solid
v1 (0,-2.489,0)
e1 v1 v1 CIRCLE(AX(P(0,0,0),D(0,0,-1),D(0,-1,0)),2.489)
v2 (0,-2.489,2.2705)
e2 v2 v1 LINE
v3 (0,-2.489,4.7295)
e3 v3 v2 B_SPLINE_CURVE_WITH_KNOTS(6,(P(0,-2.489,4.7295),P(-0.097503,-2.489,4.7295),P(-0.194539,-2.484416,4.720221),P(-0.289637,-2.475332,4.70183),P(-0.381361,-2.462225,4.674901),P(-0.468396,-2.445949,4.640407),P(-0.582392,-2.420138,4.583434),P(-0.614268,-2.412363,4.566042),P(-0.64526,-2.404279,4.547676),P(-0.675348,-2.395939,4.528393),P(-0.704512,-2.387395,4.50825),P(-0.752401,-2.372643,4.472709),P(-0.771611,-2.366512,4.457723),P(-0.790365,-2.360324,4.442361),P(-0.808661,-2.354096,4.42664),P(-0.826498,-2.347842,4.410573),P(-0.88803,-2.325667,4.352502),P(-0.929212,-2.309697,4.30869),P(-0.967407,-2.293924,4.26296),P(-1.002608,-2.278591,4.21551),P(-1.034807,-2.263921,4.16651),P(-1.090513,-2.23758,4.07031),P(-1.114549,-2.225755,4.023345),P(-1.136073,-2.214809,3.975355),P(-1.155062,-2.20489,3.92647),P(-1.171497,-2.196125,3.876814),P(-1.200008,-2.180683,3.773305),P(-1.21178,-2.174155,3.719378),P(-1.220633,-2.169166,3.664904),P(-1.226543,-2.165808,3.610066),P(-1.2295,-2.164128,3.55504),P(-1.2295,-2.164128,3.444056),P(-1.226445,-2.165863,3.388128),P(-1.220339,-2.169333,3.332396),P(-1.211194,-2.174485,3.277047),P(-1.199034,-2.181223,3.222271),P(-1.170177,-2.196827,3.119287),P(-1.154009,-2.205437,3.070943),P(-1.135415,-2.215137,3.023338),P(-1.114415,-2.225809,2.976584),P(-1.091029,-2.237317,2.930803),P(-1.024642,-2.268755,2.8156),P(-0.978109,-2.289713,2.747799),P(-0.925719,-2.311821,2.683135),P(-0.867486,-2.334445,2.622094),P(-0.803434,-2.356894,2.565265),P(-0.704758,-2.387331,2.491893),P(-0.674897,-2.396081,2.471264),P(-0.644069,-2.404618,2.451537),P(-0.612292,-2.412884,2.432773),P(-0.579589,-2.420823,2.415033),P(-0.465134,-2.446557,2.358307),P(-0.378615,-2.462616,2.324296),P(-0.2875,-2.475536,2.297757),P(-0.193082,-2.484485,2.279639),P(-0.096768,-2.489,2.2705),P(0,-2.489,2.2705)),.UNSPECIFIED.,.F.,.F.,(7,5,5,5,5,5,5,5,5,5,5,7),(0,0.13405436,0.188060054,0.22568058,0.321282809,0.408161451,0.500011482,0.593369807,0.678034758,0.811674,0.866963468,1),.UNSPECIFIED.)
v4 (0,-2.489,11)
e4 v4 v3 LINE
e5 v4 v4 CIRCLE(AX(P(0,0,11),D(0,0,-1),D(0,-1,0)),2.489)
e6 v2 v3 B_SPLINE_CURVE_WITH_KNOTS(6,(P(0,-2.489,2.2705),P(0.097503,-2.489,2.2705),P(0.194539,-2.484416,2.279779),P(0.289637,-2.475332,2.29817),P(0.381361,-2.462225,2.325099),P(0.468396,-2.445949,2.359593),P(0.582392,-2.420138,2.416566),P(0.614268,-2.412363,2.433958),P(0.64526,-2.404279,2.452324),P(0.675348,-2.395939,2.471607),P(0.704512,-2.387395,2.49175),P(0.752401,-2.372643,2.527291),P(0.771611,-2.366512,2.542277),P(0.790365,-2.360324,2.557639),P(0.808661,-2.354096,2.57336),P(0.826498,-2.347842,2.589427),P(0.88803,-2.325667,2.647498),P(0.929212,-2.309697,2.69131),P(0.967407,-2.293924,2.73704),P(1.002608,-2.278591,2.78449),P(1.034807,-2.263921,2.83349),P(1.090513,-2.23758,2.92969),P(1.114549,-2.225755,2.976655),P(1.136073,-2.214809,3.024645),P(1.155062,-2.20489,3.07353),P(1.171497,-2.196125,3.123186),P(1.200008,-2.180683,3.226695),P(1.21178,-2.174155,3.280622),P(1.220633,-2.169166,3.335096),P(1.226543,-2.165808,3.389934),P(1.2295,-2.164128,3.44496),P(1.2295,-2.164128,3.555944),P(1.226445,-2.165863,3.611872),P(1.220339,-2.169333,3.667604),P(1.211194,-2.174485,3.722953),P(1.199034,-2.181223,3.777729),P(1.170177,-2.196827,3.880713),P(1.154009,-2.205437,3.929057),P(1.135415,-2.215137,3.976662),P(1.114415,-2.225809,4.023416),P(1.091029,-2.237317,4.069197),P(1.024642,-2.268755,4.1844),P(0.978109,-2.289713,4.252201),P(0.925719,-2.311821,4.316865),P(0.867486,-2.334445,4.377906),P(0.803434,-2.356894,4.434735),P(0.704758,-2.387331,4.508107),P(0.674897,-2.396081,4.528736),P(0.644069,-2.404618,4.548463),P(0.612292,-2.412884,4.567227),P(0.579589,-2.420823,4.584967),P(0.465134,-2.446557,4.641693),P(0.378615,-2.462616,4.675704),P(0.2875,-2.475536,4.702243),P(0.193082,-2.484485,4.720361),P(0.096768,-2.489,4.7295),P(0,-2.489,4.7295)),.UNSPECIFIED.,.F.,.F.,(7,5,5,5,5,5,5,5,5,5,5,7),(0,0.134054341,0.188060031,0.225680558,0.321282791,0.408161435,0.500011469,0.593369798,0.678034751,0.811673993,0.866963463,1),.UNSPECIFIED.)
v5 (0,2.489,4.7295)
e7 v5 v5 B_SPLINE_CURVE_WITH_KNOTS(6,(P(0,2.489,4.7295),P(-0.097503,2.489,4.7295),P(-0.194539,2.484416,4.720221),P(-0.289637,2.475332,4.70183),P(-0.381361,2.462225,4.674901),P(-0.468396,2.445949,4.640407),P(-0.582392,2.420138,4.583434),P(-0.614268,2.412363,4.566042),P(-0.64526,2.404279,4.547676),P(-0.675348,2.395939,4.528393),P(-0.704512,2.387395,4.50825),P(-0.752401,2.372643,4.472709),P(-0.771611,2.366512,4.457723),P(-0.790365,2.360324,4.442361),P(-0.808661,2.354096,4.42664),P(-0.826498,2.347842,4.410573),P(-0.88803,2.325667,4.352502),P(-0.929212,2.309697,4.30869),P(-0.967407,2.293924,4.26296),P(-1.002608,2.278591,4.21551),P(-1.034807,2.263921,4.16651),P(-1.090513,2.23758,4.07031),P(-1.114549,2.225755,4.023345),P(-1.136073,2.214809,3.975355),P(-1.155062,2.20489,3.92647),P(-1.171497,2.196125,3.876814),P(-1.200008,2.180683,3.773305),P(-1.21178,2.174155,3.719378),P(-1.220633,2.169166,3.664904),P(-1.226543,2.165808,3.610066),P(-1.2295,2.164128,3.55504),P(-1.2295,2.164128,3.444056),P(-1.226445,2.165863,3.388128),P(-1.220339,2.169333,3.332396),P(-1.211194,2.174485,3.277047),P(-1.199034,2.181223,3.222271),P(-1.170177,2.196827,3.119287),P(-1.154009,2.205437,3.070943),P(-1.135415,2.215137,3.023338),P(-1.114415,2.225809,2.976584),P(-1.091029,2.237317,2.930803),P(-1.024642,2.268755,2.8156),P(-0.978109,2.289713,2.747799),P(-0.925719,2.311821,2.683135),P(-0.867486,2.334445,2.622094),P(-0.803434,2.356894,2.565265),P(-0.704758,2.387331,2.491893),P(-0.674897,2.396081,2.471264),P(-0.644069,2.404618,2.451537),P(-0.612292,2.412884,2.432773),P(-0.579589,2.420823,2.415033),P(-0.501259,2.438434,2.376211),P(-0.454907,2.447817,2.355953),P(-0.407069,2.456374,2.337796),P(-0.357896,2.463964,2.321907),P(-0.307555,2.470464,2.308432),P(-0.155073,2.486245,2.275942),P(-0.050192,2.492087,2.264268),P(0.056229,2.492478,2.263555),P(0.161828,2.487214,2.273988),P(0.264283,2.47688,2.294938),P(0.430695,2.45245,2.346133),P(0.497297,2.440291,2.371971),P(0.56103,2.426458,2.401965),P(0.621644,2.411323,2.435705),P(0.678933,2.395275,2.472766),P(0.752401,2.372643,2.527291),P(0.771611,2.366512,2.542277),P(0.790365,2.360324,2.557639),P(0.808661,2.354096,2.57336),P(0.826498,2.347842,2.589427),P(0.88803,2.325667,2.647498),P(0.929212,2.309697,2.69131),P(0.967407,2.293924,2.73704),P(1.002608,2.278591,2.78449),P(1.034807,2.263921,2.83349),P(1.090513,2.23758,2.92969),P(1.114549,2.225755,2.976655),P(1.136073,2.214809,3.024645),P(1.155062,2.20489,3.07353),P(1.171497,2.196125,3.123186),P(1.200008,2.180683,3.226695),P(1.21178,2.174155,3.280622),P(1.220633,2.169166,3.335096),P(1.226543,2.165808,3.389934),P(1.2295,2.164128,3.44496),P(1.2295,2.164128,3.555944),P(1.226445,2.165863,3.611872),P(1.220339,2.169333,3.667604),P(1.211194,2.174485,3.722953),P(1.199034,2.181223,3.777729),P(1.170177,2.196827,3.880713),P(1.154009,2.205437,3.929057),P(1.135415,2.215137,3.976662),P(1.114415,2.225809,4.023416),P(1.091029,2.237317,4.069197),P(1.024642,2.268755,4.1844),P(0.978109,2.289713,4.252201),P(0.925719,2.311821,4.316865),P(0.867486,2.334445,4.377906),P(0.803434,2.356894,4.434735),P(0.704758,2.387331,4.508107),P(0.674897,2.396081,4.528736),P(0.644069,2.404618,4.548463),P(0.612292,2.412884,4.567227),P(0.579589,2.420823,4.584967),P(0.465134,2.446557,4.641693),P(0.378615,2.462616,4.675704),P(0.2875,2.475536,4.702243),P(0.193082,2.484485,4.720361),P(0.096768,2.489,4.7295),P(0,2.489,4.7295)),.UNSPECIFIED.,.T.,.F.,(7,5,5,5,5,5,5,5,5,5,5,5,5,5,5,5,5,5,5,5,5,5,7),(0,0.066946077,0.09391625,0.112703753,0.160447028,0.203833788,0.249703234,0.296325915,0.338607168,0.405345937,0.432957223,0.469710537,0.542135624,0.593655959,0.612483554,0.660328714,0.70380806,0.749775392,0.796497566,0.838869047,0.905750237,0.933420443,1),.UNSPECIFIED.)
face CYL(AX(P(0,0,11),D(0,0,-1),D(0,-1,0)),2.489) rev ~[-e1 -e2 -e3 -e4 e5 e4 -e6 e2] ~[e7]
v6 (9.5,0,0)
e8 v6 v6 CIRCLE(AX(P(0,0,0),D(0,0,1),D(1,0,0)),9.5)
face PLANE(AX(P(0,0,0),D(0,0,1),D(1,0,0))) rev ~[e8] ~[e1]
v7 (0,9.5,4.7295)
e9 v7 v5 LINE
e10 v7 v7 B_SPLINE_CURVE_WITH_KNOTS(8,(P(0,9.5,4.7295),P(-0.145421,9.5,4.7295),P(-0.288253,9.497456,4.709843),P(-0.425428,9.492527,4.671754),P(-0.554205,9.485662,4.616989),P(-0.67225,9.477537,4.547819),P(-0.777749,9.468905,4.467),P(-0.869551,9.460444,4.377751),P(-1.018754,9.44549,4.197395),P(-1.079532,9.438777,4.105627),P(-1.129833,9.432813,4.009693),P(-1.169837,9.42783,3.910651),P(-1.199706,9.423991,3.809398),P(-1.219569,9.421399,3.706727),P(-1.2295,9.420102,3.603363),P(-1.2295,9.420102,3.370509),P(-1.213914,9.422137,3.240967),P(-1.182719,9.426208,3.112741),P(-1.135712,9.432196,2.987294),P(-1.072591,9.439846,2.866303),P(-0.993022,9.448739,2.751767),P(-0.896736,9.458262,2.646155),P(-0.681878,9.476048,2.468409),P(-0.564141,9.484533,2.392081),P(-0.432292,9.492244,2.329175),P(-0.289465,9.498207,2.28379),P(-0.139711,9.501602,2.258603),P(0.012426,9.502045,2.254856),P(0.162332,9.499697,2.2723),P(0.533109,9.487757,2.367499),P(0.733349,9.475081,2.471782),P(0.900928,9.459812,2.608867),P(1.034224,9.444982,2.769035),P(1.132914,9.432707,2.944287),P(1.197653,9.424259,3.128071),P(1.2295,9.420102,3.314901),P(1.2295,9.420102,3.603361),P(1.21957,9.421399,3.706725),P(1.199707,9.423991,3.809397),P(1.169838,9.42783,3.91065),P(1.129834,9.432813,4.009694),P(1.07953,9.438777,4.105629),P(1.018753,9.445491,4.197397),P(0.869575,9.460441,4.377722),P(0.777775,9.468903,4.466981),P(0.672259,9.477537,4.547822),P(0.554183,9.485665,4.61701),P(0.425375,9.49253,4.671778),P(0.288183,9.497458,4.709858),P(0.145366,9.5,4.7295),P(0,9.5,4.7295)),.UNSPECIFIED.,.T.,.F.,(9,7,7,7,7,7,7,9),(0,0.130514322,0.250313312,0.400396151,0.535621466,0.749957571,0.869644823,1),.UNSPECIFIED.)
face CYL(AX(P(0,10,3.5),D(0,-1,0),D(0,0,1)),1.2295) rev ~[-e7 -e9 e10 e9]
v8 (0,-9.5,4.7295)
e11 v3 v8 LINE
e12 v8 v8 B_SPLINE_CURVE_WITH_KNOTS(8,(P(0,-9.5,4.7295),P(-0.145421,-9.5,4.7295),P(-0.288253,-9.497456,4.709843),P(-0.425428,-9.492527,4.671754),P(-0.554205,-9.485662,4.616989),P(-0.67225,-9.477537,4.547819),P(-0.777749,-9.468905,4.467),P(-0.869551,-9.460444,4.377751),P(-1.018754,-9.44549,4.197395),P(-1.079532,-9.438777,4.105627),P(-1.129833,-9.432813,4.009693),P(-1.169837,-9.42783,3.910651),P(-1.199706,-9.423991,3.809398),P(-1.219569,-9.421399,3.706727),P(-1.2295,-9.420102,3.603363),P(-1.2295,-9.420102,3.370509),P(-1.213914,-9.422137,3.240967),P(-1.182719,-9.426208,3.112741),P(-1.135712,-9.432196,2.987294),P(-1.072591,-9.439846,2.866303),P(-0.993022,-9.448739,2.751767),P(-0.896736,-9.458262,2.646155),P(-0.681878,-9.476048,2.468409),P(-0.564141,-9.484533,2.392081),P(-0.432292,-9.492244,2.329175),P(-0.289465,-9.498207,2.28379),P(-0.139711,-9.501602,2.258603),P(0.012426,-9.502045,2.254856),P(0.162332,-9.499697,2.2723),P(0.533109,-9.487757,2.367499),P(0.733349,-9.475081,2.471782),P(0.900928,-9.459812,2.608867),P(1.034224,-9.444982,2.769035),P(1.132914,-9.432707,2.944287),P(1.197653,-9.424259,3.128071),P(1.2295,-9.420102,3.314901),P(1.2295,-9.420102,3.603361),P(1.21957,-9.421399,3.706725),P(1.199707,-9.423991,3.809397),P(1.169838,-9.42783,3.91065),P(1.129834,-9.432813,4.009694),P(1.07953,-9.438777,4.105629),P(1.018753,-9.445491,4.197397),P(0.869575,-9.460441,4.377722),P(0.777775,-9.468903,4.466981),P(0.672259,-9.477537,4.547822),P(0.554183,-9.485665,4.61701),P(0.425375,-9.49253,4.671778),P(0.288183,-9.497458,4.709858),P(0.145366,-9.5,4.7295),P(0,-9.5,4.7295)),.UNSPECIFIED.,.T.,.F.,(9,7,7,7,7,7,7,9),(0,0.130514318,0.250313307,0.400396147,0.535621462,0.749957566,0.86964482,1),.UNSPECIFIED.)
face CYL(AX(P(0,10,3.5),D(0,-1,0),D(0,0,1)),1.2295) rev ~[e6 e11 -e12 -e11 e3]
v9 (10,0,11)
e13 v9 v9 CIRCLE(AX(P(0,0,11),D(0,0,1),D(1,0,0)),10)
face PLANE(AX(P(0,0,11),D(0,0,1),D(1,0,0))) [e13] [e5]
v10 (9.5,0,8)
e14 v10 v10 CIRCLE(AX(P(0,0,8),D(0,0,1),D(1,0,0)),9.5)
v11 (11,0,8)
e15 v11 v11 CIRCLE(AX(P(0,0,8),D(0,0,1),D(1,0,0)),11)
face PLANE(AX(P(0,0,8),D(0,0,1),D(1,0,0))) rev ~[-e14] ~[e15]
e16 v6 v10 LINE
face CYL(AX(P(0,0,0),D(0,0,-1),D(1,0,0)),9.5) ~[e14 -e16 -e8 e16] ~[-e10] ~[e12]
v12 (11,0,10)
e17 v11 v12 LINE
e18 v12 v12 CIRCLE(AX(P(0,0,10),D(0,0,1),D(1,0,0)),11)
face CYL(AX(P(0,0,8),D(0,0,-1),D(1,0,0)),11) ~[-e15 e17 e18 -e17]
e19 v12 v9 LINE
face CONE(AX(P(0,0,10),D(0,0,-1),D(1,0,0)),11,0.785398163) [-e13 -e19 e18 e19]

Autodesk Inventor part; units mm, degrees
ref_plane "YZ Plane" through (0, 0, 0) normal (1, 0, 0) x (0, 1, 0)
ref_plane "XY Plane" through (0, 0, 0) normal (0, 0, 1) x (1, 0, 0)
sketch "Mount" plane through (0, 0, 0) normal (0, 0, 1) x (1, 0, 0)
  circle A0 centre (0, 0) radius 9.5
  dimension "d0" = 19
extrude "MountFeature" add sketch "Mount" along normal blind 8
sketch "Base" plane through (0, 0, 8) normal (0, 0, 1) x (1, 0, 0)
  circle A0 centre (0, 0) radius 9.5 construction
  circle A1 centre (0, 0) radius 11
  dimension "d3" = 22
extrude "BaseFeature" add sketch "Base" along normal blind 3
chamfer "BaseChamferFeature" distance 1 angle 45 1 edges at (-11, 0, 11)
sketch "RodEndHole" plane through (0, 0, 11) normal (0, 0, 1) x (1, 0, 0)
  circle A0 centre (0, 0) radius 10 construction
hole "RodEndHoleFeature" at (0, 0, 11) direction (0, 0, -1) diameter 4.978 end through all thread size "1/4-20 UNC" class "2B" standard "ANSI Unified Screw Threads"
ref_plane "MidSidePlane" through (0, 10, 0) normal (0, 1, 0) x (-1, 0, 0)
sketch "MountHole" plane through (0, 10, 0) normal (0, 1, 0) x (-1, 0, 0)
  line L0 (-11, 8) -> (11, 8) construction
  line L1 (-9.5, 0) -> (-9.5, 8) construction
  point P0 (0, 3.5)
  dimension "d18" = 4.5
  dimension "d26" = 22
  dimension "d27" = 11
hole "MountHoleFeature" at (0, 10, 3.5) direction (0, -1, 0) diameter 2.459 end through all thread size "M3x0.5" class "6H" standard "ISO Metric profile"
equation "\"d27\" = 0.5 * d26"
properties part number "BackPair1PistonTopCap"
